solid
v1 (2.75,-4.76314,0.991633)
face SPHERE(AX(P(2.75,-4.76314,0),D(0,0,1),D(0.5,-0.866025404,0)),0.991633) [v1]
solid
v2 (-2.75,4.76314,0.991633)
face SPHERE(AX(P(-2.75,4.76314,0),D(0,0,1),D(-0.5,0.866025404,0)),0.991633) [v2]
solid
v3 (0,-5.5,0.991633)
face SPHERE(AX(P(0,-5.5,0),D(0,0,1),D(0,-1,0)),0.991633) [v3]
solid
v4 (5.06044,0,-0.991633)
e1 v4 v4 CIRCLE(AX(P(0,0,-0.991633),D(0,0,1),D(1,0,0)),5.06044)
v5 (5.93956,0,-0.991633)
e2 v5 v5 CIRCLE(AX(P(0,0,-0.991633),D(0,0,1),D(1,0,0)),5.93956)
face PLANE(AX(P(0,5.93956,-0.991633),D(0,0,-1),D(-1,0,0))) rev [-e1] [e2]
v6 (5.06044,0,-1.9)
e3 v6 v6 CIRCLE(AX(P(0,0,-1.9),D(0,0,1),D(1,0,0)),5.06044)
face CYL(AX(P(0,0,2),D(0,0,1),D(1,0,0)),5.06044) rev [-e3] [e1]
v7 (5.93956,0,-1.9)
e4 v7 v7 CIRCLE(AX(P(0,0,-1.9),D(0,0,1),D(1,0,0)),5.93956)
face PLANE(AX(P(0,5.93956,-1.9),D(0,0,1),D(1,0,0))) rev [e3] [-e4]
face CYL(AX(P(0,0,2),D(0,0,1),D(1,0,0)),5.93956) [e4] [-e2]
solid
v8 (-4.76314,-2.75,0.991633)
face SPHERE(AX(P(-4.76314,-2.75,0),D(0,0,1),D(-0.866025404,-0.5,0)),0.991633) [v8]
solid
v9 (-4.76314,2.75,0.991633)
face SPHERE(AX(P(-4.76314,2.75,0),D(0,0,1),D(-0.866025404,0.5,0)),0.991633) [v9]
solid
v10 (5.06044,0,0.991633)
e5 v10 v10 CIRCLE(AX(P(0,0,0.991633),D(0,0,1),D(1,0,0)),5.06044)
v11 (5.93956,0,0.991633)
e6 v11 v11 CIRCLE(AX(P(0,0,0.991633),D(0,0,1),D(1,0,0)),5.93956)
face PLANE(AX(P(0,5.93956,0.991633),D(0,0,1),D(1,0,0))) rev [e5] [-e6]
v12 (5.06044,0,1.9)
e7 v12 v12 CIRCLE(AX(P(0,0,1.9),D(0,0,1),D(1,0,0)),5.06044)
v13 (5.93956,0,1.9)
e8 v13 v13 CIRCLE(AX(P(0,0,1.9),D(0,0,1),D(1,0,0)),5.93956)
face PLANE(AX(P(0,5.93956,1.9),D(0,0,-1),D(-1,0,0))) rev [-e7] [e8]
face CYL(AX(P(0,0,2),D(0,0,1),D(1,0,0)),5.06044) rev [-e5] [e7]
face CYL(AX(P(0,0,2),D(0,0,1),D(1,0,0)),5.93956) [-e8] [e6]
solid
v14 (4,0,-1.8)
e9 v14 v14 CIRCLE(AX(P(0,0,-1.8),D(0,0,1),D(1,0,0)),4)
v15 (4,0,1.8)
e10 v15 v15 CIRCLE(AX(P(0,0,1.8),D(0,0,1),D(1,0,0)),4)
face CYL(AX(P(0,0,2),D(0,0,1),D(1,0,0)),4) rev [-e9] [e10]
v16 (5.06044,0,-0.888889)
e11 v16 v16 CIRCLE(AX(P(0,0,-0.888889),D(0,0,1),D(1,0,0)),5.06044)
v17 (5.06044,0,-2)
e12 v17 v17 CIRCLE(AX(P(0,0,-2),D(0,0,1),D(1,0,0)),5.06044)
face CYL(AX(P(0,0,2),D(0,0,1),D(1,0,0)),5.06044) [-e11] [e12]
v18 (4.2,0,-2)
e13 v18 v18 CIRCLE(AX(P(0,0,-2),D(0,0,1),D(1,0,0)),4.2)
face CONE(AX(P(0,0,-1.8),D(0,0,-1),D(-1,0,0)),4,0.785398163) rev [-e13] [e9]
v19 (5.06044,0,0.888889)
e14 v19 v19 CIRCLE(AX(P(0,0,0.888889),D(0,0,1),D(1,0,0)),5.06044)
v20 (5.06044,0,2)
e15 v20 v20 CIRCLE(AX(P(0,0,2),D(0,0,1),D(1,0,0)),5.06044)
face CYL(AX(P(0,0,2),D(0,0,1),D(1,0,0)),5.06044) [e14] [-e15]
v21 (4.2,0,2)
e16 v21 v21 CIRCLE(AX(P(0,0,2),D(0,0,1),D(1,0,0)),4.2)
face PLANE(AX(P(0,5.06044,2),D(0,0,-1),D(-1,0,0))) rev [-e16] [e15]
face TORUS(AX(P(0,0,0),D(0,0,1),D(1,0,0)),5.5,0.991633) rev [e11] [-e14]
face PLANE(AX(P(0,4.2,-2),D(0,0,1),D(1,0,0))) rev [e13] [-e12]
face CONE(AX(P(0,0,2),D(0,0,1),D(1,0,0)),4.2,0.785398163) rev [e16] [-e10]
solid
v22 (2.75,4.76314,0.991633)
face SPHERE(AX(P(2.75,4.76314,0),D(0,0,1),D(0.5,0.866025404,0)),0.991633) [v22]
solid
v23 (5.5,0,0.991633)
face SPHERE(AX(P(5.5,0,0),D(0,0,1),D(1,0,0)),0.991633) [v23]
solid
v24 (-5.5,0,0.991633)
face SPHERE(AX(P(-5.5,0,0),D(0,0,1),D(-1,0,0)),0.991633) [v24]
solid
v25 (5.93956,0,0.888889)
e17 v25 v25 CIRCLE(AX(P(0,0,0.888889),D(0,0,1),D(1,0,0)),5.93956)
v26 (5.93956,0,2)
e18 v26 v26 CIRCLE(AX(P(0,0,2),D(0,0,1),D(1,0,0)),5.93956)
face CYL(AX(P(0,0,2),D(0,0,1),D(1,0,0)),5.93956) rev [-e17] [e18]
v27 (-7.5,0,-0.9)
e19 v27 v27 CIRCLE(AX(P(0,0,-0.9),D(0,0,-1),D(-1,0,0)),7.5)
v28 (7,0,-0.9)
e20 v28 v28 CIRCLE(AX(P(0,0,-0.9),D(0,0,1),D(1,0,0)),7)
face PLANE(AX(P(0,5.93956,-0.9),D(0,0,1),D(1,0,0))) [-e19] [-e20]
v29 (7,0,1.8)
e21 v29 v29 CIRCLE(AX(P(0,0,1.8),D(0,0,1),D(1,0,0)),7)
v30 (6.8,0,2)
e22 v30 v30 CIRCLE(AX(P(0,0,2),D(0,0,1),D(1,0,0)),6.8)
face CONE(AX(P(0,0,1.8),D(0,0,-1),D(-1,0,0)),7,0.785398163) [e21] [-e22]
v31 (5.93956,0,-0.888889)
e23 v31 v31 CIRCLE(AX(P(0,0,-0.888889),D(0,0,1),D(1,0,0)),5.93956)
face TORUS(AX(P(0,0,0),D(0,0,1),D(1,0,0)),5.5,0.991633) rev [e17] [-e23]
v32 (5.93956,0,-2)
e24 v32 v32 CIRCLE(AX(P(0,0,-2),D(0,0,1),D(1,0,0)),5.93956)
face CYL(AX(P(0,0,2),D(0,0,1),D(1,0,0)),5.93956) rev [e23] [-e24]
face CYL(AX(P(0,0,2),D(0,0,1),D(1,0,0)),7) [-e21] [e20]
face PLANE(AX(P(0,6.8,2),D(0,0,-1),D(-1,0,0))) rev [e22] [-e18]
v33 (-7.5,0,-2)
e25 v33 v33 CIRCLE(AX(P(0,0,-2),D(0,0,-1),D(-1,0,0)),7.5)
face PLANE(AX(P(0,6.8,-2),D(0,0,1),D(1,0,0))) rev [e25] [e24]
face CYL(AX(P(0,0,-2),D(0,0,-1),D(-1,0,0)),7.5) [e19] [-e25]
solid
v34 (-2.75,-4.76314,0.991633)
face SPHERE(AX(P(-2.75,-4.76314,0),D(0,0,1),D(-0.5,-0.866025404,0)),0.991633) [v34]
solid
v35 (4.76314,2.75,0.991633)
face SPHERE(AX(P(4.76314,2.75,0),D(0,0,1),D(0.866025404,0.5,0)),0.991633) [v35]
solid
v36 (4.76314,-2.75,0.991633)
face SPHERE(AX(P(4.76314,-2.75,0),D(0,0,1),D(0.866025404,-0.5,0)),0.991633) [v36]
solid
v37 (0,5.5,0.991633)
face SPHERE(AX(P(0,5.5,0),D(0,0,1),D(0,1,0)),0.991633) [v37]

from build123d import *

# Parameters (mm, degrees)
CIRPATTERN1_COUNT = 12
SKETCH5_W         = 0.908366581
SKETCH5_H         = 0.87912088
SKETCH6_W         = 1.1
SKETCH6_H         = 1.56043956


with BuildPart() as part:
    # Sketch1 → Revolve1 (revolve)
    with BuildSketch(Plane(origin=(0, 0, 0), x_dir=(0, 0, -1), z_dir=(1, 0, 0))):
        with BuildLine():
            Line((1.8, 7), (-1.8, 7))
            Line((-1.8, 7), (-2, 6.8))
            Line((-2, 6.8), (-2, 5.93956044))
            Line((-2, 5.93956044), (-0.888888889, 5.93956044))
            ThreePointArc((-0.888888889, 5.93956044), (0, 6.491633419), (0.888888889, 5.93956044))
            Line((0.888888889, 5.93956044), (2, 5.93956044))
            Line((2, 5.93956044), (2, 6.8))
            Line((2, 6.8), (1.8, 7))
        make_face()
    revolve(axis=Axis((0, 0, 2), (0, 0, -1)))

    # Sketch6 → Revolve6 (revolve)
    with BuildSketch(Plane(origin=(0, 0, 0), x_dir=(0, 0, -1), z_dir=(1, 0, 0))):
        with Locations((1.45, 6.71978022)):
            Rectangle(SKETCH6_W, SKETCH6_H)
    revolve(axis=Axis((0, 0, -2), (0, 0, 1)))


with BuildPart() as body_2:
    # Sketch3 → Revolve3 (revolve)
    with BuildSketch(Plane(origin=(0, 0, 0), x_dir=(0, 0, -1), z_dir=(1, 0, 0))):
        with BuildLine():
            Line((-2, 5.06043956), (-0.888888889, 5.06043956))
            ThreePointArc((-0.888888889, 5.06043956), (0, 4.508366581), (0.888888889, 5.06043956))
            Line((0.888888889, 5.06043956), (2, 5.06043956))
            Line((2, 5.06043956), (2, 4.2))
            Line((2, 4.2), (1.8, 4))
            Line((1.8, 4), (-1.8, 4))
            Line((-1.8, 4), (-2, 4.2))
            Line((-2, 4.2), (-2, 5.06043956))
        make_face()
    revolve(axis=Axis((0, 0, 2), (0, 0, -1)))


with BuildPart() as body_3:
    # Sketch4 → Revolve4 (revolve)
    with BuildSketch(Plane(origin=(0, 0, 0), x_dir=(0, 0, -1), z_dir=(1, 0, 0))):
        with BuildLine():
            Line((-0.991633419, 5.5), (0.991633419, 5.5))
            ThreePointArc((0.991633419, 5.5), (0, 6.491633419), (-0.991633419, 5.5))
        make_face()
    revolve(axis=Axis((0, 5.5, 0.991633419), (0, 0, -1)))


with BuildPart() as cirpattern1_1:
    # CirPattern1: pattern copy
    add(body_3.part.rotate(Axis((0, 0, -2), (0, 0, 1)), 1 * 360 / CIRPATTERN1_COUNT))


with BuildPart() as cirpattern1_2:
    # CirPattern1: pattern copy
    add(body_3.part.rotate(Axis((0, 0, -2), (0, 0, 1)), 2 * 360 / CIRPATTERN1_COUNT))


with BuildPart() as cirpattern1_3:
    # CirPattern1: pattern copy
    add(body_3.part.rotate(Axis((0, 0, -2), (0, 0, 1)), 3 * 360 / CIRPATTERN1_COUNT))


with BuildPart() as cirpattern1_4:
    # CirPattern1: pattern copy
    add(body_3.part.rotate(Axis((0, 0, -2), (0, 0, 1)), 4 * 360 / CIRPATTERN1_COUNT))


with BuildPart() as cirpattern1_5:
    # CirPattern1: pattern copy
    add(body_3.part.rotate(Axis((0, 0, -2), (0, 0, 1)), 5 * 360 / CIRPATTERN1_COUNT))


with BuildPart() as cirpattern1_6:
    # CirPattern1: pattern copy
    add(body_3.part.rotate(Axis((0, 0, -2), (0, 0, 1)), 6 * 360 / CIRPATTERN1_COUNT))


with BuildPart() as cirpattern1_7:
    # CirPattern1: pattern copy
    add(body_3.part.rotate(Axis((0, 0, -2), (0, 0, 1)), 7 * 360 / CIRPATTERN1_COUNT))


with BuildPart() as cirpattern1_8:
    # CirPattern1: pattern copy
    add(body_3.part.rotate(Axis((0, 0, -2), (0, 0, 1)), 8 * 360 / CIRPATTERN1_COUNT))


with BuildPart() as cirpattern1_9:
    # CirPattern1: pattern copy
    add(body_3.part.rotate(Axis((0, 0, -2), (0, 0, 1)), 9 * 360 / CIRPATTERN1_COUNT))


with BuildPart() as cirpattern1_10:
    # CirPattern1: pattern copy
    add(body_3.part.rotate(Axis((0, 0, -2), (0, 0, 1)), 10 * 360 / CIRPATTERN1_COUNT))


with BuildPart() as cirpattern1_11:
    # CirPattern1: pattern copy
    add(body_3.part.rotate(Axis((0, 0, -2), (0, 0, 1)), 11 * 360 / CIRPATTERN1_COUNT))


with BuildPart() as body_15:
    # Sketch5 → Revolve5 (revolve)
    with BuildSketch(Plane(origin=(0, 0, 0), x_dir=(0, 0, -1), z_dir=(1, 0, 0))):
        with Locations((-1.44581671, 5.5)):
            Rectangle(SKETCH5_W, SKETCH5_H)
        with Locations((1.44581671, 5.5)):
            Rectangle(SKETCH5_W, SKETCH5_H)
    revolve(axis=Axis((0, 0, 2), (0, 0, -1)))


solid = Compound([part.part, body_2.part, body_3.part, cirpattern1_1.part, cirpattern1_2.part, cirpattern1_3.part, cirpattern1_4.part, cirpattern1_5.part, cirpattern1_6.part, cirpattern1_7.part, cirpattern1_8.part, cirpattern1_9.part, cirpattern1_10.part, cirpattern1_11.part, body_15.part])
